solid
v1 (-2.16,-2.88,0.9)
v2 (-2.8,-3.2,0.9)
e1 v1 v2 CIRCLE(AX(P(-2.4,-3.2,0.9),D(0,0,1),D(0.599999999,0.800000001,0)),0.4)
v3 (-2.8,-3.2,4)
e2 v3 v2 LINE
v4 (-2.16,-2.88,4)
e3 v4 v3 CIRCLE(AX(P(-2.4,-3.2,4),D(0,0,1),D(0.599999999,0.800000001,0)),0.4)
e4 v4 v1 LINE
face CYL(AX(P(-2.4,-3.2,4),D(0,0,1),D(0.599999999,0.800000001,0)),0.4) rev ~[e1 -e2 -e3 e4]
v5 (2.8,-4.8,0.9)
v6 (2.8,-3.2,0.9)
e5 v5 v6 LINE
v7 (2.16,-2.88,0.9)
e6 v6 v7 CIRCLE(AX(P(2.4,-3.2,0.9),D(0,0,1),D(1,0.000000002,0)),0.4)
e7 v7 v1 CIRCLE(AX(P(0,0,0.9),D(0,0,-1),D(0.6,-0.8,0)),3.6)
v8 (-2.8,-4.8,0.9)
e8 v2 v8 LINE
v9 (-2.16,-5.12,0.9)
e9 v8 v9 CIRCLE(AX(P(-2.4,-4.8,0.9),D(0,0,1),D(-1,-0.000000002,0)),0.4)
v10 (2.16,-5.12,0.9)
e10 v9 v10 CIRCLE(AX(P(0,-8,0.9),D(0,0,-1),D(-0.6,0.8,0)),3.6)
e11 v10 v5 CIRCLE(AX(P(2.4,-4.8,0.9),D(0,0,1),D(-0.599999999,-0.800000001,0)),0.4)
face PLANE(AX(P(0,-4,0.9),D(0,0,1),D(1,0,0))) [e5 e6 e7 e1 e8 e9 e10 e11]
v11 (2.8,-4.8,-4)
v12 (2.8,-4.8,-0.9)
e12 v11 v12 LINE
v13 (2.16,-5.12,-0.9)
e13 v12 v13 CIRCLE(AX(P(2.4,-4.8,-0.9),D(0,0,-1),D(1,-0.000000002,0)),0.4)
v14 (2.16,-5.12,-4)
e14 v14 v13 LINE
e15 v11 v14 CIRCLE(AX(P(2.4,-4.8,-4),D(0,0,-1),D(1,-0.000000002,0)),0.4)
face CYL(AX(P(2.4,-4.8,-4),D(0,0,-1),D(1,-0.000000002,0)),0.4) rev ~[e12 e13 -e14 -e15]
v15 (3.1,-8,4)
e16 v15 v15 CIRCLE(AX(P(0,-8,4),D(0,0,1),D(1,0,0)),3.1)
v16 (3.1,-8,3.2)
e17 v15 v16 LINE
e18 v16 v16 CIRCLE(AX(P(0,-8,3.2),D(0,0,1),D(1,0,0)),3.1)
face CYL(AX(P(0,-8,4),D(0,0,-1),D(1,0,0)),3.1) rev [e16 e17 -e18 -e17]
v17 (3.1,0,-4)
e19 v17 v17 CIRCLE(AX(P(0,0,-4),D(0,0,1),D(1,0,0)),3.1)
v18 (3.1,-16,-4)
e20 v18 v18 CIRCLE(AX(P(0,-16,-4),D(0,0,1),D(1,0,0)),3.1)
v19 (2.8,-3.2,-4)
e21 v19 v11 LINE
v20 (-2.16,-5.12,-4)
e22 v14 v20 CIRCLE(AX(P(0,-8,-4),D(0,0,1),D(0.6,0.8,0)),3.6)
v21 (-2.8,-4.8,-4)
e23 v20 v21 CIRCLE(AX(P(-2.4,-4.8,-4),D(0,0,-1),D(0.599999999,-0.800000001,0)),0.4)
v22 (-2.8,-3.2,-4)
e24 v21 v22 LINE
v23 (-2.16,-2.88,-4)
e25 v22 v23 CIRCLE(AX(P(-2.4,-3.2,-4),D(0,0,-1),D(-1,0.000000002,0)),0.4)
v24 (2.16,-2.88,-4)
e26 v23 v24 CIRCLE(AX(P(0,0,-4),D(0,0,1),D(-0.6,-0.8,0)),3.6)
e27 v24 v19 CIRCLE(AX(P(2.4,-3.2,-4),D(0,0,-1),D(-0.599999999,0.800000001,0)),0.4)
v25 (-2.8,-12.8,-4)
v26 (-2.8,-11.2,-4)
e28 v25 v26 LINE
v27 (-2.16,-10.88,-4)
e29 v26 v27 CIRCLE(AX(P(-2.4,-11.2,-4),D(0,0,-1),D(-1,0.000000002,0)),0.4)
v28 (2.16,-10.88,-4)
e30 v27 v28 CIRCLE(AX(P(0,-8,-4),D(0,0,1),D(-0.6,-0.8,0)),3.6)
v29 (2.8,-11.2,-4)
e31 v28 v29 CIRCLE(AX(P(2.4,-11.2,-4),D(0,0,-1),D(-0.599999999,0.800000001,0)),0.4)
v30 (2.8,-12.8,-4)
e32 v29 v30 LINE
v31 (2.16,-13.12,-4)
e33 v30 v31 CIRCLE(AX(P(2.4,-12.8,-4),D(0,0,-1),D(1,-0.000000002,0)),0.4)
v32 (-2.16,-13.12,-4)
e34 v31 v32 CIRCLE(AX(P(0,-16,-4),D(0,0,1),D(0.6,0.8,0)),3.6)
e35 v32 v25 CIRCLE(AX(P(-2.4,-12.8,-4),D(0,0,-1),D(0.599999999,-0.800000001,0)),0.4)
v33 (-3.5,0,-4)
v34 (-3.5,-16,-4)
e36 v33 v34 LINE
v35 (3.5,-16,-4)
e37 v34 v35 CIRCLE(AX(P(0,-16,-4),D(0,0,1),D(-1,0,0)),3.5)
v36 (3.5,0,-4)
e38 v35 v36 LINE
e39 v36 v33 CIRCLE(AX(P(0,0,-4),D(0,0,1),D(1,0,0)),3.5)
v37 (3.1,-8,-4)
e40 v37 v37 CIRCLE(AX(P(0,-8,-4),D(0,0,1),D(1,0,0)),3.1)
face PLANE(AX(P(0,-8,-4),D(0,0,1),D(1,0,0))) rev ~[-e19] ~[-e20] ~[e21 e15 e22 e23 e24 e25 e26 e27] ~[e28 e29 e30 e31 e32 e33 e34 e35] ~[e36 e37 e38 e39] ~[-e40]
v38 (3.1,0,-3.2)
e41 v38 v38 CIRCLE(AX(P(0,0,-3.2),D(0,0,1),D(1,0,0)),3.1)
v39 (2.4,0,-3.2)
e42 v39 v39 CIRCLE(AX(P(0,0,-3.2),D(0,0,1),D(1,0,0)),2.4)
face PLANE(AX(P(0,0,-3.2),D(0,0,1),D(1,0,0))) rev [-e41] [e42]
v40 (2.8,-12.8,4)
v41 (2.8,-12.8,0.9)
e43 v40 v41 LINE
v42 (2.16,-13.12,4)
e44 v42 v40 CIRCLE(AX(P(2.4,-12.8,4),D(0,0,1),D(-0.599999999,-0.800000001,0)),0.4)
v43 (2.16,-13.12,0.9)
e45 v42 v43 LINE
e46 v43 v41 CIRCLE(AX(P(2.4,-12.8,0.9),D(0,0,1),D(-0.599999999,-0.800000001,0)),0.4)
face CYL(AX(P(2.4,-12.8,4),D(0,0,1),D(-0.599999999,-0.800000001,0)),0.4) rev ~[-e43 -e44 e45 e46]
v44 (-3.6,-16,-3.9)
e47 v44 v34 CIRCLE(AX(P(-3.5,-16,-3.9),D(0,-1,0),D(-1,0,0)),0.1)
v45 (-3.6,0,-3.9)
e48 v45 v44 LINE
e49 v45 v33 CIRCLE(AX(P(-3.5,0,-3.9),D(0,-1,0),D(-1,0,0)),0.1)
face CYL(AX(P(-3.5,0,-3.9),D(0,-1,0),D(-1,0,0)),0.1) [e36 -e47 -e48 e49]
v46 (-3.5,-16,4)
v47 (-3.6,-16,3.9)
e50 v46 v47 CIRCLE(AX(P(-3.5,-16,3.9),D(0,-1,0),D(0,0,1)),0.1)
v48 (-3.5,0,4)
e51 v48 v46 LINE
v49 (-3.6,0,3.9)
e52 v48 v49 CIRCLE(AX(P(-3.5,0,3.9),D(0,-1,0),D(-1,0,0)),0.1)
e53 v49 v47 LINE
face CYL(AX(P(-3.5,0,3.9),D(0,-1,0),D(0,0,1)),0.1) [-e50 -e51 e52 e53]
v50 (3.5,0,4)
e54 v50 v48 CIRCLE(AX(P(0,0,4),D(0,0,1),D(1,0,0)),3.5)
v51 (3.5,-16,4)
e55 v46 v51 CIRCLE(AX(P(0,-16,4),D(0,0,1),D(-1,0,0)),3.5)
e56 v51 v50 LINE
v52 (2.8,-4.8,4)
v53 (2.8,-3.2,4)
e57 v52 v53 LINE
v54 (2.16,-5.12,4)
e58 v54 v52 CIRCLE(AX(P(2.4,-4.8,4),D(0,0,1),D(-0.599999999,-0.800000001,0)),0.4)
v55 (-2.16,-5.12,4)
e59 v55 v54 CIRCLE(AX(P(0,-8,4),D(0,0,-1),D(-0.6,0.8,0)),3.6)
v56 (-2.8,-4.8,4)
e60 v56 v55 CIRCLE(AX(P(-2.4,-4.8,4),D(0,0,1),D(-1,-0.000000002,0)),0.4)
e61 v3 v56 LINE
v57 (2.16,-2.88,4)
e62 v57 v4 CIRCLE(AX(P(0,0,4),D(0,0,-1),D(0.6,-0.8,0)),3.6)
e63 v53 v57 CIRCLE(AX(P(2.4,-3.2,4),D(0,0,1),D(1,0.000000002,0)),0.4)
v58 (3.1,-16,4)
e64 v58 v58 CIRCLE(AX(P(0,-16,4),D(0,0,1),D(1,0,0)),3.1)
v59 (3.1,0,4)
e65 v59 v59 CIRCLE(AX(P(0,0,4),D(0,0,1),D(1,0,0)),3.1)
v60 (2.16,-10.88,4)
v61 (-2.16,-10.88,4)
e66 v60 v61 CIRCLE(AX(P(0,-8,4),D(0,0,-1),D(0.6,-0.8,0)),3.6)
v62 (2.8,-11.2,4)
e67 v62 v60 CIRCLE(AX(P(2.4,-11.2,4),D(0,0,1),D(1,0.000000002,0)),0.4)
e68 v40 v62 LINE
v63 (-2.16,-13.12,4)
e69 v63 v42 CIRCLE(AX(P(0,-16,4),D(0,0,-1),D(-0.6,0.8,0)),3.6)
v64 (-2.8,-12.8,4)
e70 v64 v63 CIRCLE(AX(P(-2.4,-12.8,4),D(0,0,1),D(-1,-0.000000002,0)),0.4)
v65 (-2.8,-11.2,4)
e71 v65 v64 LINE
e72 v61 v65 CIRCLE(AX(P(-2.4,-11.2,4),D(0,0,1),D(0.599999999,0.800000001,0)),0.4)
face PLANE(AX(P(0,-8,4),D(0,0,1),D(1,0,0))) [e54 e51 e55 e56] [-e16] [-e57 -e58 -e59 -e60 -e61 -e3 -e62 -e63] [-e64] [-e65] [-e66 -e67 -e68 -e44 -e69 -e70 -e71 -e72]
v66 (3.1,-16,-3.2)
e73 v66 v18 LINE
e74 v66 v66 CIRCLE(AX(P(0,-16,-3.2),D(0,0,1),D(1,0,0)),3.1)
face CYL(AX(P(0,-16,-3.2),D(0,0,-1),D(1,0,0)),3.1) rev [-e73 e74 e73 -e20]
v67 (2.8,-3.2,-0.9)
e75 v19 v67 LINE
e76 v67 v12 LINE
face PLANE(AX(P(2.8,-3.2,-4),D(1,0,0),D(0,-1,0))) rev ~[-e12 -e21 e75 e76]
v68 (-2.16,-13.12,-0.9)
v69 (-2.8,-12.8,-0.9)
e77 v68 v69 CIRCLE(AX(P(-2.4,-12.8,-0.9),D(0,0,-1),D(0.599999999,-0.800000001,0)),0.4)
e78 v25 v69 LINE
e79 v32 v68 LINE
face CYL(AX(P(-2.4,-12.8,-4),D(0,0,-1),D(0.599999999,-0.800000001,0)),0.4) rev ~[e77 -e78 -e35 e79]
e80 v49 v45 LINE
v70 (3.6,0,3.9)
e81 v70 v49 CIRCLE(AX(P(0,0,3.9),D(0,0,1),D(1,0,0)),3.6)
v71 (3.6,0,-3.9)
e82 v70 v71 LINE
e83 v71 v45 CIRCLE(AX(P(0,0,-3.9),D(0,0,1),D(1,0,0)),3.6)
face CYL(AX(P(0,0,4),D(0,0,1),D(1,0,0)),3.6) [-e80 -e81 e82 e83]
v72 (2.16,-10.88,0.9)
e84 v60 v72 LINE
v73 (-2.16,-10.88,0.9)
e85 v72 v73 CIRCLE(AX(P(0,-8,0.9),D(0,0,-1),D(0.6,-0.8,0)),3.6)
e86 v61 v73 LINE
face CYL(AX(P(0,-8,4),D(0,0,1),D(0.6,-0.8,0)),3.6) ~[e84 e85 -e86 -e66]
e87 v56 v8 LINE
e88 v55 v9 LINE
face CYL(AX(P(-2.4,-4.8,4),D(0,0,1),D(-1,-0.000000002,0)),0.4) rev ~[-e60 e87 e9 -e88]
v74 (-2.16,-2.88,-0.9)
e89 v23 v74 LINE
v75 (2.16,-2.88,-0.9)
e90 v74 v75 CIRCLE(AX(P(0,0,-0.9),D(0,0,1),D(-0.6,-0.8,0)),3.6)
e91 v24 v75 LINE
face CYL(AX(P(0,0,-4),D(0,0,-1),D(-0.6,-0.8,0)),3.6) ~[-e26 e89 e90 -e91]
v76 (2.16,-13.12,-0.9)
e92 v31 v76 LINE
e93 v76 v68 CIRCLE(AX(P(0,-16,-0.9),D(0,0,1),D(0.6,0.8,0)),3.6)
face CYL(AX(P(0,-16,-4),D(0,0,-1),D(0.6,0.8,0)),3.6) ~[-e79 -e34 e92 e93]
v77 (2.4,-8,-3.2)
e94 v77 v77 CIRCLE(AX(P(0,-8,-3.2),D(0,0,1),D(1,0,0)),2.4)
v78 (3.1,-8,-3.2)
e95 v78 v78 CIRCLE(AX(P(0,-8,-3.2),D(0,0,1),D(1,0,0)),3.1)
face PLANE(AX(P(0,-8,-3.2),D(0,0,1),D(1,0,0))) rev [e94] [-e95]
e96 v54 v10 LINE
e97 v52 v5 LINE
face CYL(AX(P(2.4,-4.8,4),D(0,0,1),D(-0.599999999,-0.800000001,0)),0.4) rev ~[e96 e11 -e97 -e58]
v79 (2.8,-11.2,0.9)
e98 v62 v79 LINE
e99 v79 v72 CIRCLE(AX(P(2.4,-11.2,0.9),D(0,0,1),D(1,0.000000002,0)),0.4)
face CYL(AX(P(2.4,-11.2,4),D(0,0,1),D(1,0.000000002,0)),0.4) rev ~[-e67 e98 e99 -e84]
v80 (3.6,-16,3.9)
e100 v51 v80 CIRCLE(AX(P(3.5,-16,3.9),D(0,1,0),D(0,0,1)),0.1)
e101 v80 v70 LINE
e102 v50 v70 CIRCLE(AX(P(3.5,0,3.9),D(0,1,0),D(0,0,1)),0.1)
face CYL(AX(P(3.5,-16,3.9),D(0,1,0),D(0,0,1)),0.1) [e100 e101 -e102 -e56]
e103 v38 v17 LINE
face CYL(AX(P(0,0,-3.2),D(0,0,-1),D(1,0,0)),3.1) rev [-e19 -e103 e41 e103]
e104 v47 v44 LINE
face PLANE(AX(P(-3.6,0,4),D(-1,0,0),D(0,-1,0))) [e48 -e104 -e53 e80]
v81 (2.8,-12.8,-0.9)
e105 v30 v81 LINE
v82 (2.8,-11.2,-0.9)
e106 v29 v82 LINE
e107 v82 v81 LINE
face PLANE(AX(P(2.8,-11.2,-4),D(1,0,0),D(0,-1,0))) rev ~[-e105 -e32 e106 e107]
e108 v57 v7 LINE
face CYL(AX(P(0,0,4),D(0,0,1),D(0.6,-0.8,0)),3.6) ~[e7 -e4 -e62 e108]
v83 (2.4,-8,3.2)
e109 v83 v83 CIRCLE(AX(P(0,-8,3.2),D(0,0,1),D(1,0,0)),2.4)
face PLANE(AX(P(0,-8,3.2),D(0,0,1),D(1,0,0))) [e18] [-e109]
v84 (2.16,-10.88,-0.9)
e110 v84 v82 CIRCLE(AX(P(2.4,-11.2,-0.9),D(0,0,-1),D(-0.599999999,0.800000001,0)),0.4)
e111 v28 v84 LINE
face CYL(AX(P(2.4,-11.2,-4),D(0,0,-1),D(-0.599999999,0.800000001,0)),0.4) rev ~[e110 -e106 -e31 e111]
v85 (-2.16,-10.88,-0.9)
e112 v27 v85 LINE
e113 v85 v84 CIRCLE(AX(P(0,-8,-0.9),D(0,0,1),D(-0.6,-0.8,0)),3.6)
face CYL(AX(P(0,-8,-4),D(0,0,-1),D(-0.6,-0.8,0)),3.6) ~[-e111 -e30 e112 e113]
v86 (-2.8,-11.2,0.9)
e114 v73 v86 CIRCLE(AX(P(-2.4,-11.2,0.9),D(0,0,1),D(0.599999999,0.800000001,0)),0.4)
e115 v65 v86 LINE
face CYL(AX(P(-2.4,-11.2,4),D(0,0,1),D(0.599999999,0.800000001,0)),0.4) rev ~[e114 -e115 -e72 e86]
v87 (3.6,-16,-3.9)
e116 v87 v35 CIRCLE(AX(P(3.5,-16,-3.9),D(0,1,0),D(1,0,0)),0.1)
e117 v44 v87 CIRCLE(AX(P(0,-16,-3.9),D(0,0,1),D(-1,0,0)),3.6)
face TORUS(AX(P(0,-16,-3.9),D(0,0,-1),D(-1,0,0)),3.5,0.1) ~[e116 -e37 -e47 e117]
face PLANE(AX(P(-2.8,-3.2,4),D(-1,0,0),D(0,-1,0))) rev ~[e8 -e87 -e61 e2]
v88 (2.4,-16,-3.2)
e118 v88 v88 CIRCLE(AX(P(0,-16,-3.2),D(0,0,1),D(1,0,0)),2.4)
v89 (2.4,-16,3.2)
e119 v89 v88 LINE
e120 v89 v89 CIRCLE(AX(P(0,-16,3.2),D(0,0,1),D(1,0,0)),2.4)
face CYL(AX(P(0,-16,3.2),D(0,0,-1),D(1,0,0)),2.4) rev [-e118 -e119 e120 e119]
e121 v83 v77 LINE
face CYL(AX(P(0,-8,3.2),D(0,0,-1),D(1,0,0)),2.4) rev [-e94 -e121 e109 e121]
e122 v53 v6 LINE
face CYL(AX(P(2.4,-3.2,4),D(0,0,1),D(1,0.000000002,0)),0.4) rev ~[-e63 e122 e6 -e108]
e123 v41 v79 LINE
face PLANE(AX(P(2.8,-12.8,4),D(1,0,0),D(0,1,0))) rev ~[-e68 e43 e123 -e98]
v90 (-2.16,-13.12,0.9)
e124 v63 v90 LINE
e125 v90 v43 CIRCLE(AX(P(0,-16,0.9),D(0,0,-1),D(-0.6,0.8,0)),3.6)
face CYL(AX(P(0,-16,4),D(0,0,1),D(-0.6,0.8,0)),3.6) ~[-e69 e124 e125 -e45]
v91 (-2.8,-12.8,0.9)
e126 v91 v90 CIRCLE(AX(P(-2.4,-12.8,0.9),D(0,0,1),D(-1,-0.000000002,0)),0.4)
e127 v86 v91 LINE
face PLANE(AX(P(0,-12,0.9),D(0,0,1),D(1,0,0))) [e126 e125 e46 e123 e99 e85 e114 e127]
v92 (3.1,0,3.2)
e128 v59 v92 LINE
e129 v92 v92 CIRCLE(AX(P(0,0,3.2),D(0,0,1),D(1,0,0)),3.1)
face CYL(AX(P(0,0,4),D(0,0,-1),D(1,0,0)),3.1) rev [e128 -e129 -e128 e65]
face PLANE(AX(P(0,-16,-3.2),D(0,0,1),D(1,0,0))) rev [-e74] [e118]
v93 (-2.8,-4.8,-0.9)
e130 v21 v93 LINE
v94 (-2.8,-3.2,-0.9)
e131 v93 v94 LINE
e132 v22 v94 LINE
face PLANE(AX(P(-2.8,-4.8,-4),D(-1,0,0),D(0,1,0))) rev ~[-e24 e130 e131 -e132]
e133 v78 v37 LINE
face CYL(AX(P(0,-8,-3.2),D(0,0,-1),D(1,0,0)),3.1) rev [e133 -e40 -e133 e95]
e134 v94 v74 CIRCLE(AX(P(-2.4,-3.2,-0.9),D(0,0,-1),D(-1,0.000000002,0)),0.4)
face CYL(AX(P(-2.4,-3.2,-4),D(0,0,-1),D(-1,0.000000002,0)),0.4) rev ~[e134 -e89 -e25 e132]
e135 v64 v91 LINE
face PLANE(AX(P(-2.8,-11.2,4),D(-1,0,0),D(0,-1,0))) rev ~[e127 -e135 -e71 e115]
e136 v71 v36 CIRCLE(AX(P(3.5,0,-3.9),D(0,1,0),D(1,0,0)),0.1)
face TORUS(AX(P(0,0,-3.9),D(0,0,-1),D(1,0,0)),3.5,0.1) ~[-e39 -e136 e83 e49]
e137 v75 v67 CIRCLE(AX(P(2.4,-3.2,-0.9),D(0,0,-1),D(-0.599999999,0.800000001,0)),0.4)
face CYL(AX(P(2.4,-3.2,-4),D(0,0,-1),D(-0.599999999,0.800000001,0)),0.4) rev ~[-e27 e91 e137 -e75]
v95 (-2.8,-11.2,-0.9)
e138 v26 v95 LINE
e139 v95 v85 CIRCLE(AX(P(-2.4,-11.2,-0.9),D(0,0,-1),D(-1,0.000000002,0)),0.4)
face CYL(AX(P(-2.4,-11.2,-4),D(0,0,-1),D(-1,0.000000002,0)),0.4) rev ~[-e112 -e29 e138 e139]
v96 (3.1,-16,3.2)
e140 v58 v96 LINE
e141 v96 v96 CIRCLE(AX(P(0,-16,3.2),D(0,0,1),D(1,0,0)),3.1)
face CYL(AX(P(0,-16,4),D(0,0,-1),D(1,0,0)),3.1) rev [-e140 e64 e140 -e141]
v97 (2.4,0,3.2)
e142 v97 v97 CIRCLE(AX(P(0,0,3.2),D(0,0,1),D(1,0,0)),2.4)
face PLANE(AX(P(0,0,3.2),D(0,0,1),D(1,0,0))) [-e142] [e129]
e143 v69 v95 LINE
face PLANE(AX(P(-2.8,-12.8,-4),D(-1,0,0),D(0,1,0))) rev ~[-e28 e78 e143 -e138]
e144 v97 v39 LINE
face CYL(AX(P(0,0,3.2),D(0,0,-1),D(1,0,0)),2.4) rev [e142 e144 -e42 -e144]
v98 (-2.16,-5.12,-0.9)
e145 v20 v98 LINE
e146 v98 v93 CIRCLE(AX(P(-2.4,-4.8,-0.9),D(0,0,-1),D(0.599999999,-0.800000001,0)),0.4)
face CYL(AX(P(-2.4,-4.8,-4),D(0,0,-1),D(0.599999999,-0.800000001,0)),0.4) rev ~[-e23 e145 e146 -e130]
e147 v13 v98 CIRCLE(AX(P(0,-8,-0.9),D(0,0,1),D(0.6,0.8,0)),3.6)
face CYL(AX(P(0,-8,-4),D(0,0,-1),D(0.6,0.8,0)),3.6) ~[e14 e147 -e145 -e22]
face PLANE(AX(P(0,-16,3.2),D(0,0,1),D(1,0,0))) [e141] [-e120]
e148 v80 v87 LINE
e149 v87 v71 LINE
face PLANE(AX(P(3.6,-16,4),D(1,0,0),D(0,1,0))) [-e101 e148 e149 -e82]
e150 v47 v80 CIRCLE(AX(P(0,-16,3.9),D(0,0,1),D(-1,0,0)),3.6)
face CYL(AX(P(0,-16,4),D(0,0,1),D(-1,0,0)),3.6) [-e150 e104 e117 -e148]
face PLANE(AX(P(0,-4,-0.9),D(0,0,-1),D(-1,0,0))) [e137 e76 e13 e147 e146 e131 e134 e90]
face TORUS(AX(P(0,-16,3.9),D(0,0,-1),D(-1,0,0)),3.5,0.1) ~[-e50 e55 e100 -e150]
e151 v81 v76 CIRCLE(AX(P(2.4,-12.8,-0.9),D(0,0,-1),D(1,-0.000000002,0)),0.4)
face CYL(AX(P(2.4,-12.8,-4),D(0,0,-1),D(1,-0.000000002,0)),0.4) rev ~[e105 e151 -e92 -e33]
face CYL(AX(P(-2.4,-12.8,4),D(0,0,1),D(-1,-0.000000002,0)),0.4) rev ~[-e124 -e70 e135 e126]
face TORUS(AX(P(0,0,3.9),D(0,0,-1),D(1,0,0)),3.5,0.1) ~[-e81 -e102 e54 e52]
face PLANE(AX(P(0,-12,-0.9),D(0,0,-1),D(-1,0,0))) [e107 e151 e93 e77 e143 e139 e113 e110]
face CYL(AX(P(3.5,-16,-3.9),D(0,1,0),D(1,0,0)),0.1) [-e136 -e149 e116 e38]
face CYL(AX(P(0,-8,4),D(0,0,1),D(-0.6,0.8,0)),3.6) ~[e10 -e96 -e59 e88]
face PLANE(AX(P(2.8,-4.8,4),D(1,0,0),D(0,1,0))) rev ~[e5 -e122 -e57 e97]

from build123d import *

# Parameters (mm, degrees)
BOSS_EXTRUDE1_DEPTH = 8
CUT_EXTRUDE2_DEPTH  = 3.1
CUT_EXTRUDE4_DEPTH  = 3.1
CUT_EXTRUDE6_DEPTH  = 3.1
CUT_EXTRUDE7_DEPTH  = 3.1
FILLET1_R           = 0.1


with BuildPart() as part:
    # Sketch1 → Boss-Extrude1 (new body)
    with BuildSketch(Plane.XY.offset(4)):
        with BuildLine():
            Line((-3.6, 0), (-3.6, -16))
            ThreePointArc((-3.6, -16), (0, -19.6), (3.6, -16))
            Line((3.6, -16), (3.6, 0))
            ThreePointArc((3.6, 0), (0, 3.6), (-3.6, 0))
        make_face()
    extrude(amount=-BOSS_EXTRUDE1_DEPTH)

    # Sketch3 → Cut-Extrude2 (cut)
    with BuildSketch(Plane.XY.offset(4)):
        with BuildLine():
            Line((2.8, -4.8), (2.8, -3.2))
            ThreePointArc((2.8, -3.2), (2.578885438, -2.842229124), (2.16, -2.88))
            ThreePointArc((2.16, -2.88), (0, -3.6), (-2.16, -2.88))
            ThreePointArc((-2.16, -2.88), (-2.578885438, -2.842229124), (-2.8, -3.2))
            Line((-2.8, -3.2), (-2.8, -4.8))
            ThreePointArc((-2.8, -4.8), (-2.578885438, -5.157770876), (-2.16, -5.12))
            ThreePointArc((-2.16, -5.12), (0, -4.4), (2.16, -5.12))
            ThreePointArc((2.16, -5.12), (2.578885438, -5.157770876), (2.8, -4.8))
        make_face()
    extrude(amount=-CUT_EXTRUDE2_DEPTH, mode=Mode.SUBTRACT)

    # Sketch5 → Cut-Extrude4 (cut)
    with BuildSketch(Plane.XY.offset(4)):
        with BuildLine():
            Line((2.8, -12.8), (2.8, -11.2))
            ThreePointArc((2.8, -11.2), (2.578885438, -10.842229124), (2.16, -10.88))
            ThreePointArc((2.16, -10.88), (0, -11.6), (-2.16, -10.88))
            ThreePointArc((-2.16, -10.88), (-2.578885438, -10.842229124), (-2.8, -11.2))
            Line((-2.8, -11.2), (-2.8, -12.8))
            ThreePointArc((-2.8, -12.8), (-2.578885438, -13.157770876), (-2.16, -13.12))
            ThreePointArc((-2.16, -13.12), (0, -12.4), (2.16, -13.12))
            ThreePointArc((2.16, -13.12), (2.578885438, -13.157770876), (2.8, -12.8))
        make_face()
    extrude(amount=-CUT_EXTRUDE4_DEPTH, mode=Mode.SUBTRACT)

    # Sketch7 → Cut-Extrude6 (cut)
    with BuildSketch(Plane(origin=(0, 0, -4), x_dir=(-1, 0, 0), z_dir=(0, 0, -1))):
        with BuildLine():
            Line((2.8, -4.8), (2.8, -3.2))
            ThreePointArc((2.8, -3.2), (2.578885438, -2.842229124), (2.16, -2.88))
            ThreePointArc((2.16, -2.88), (0, -3.6), (-2.16, -2.88))
            ThreePointArc((-2.16, -2.88), (-2.578885438, -2.842229124), (-2.8, -3.2))
            Line((-2.8, -3.2), (-2.8, -4.8))
            ThreePointArc((-2.8, -4.8), (-2.578885438, -5.157770876), (-2.16, -5.12))
            ThreePointArc((-2.16, -5.12), (0, -4.4), (2.16, -5.12))
            ThreePointArc((2.16, -5.12), (2.578885438, -5.157770876), (2.8, -4.8))
        make_face()
    extrude(amount=-CUT_EXTRUDE6_DEPTH, mode=Mode.SUBTRACT)

    # Sketch8 → Cut-Extrude7 (cut)
    with BuildSketch(Plane(origin=(0, 0, -4), x_dir=(-1, 0, 0), z_dir=(0, 0, -1))):
        with BuildLine():
            Line((-2.8, -11.2), (-2.8, -12.8))
            ThreePointArc((-2.8, -12.8), (-2.578885438, -13.157770876), (-2.16, -13.12))
            ThreePointArc((-2.16, -13.12), (0, -12.4), (2.16, -13.12))
            ThreePointArc((2.16, -13.12), (2.578885438, -13.157770876), (2.8, -12.8))
            Line((2.8, -12.8), (2.8, -11.2))
            ThreePointArc((2.8, -11.2), (2.578885438, -10.842229124), (2.16, -10.88))
            ThreePointArc((2.16, -10.88), (0, -11.6), (-2.16, -10.88))
            ThreePointArc((-2.16, -10.88), (-2.578885438, -10.842229124), (-2.8, -11.2))
        make_face()
    extrude(amount=-CUT_EXTRUDE7_DEPTH, mode=Mode.SUBTRACT)

    # Sketch10 → Cut-Revolve1 (revolve, cut)
    with BuildSketch(Plane(origin=(0, -16, 0), x_dir=(1, 0, 0), z_dir=(0, 1, 0))):
        Polygon((3.1, 4), (0, 4), (0, -4), (3.1, -4), (3.1, -3.2), (2.4, -3.2), (2.4, 3.2), (3.1, 3.2), align=None)
    revolve(axis=Axis((0, -16, -4), (0, 0, 1)), mode=Mode.SUBTRACT)

    # Sketch12 → Cut-Revolve3 (revolve, cut)
    with BuildSketch(Plane(origin=(0, -8, 0), x_dir=(1, 0, 0), z_dir=(0, 1, 0))):
        Polygon((3.1, 4), (0, 4), (0, -4), (3.1, -4), (3.1, -3.2), (2.4, -3.2), (2.4, 3.2), (3.1, 3.2), align=None)
    revolve(axis=Axis((0, -8, -4), (0, 0, 1)), mode=Mode.SUBTRACT)

    # Sketch13 → Cut-Revolve4 (revolve, cut)
    with BuildSketch(Plane(origin=(0, 0, 0), x_dir=(1, 0, 0), z_dir=(0, 1, 0))):
        Polygon((3.1, 4), (0, 4), (0, -4), (3.1, -4), (3.1, -3.2), (2.4, -3.2), (2.4, 3.2), (3.1, 3.2), align=None)
    revolve(axis=Axis((0, 0, -4), (0, 0, 1)), mode=Mode.SUBTRACT)

    # Fillet1
    fillet1_edges = [part.edges().sort_by_distance(p)[0] for p in [
        (0, -19.6, -4),
        (3.6, -8, -4),
        (0, 3.6, -4),
        (3.6, -8, 4),
        (0, -19.6, 4),
        (-3.6, -8, 4),
        (0, 3.6, 4),
        (-3.6, -8, -4),
    ]]
    fillet(fillet1_edges, radius=FILLET1_R)


solid = part.part
